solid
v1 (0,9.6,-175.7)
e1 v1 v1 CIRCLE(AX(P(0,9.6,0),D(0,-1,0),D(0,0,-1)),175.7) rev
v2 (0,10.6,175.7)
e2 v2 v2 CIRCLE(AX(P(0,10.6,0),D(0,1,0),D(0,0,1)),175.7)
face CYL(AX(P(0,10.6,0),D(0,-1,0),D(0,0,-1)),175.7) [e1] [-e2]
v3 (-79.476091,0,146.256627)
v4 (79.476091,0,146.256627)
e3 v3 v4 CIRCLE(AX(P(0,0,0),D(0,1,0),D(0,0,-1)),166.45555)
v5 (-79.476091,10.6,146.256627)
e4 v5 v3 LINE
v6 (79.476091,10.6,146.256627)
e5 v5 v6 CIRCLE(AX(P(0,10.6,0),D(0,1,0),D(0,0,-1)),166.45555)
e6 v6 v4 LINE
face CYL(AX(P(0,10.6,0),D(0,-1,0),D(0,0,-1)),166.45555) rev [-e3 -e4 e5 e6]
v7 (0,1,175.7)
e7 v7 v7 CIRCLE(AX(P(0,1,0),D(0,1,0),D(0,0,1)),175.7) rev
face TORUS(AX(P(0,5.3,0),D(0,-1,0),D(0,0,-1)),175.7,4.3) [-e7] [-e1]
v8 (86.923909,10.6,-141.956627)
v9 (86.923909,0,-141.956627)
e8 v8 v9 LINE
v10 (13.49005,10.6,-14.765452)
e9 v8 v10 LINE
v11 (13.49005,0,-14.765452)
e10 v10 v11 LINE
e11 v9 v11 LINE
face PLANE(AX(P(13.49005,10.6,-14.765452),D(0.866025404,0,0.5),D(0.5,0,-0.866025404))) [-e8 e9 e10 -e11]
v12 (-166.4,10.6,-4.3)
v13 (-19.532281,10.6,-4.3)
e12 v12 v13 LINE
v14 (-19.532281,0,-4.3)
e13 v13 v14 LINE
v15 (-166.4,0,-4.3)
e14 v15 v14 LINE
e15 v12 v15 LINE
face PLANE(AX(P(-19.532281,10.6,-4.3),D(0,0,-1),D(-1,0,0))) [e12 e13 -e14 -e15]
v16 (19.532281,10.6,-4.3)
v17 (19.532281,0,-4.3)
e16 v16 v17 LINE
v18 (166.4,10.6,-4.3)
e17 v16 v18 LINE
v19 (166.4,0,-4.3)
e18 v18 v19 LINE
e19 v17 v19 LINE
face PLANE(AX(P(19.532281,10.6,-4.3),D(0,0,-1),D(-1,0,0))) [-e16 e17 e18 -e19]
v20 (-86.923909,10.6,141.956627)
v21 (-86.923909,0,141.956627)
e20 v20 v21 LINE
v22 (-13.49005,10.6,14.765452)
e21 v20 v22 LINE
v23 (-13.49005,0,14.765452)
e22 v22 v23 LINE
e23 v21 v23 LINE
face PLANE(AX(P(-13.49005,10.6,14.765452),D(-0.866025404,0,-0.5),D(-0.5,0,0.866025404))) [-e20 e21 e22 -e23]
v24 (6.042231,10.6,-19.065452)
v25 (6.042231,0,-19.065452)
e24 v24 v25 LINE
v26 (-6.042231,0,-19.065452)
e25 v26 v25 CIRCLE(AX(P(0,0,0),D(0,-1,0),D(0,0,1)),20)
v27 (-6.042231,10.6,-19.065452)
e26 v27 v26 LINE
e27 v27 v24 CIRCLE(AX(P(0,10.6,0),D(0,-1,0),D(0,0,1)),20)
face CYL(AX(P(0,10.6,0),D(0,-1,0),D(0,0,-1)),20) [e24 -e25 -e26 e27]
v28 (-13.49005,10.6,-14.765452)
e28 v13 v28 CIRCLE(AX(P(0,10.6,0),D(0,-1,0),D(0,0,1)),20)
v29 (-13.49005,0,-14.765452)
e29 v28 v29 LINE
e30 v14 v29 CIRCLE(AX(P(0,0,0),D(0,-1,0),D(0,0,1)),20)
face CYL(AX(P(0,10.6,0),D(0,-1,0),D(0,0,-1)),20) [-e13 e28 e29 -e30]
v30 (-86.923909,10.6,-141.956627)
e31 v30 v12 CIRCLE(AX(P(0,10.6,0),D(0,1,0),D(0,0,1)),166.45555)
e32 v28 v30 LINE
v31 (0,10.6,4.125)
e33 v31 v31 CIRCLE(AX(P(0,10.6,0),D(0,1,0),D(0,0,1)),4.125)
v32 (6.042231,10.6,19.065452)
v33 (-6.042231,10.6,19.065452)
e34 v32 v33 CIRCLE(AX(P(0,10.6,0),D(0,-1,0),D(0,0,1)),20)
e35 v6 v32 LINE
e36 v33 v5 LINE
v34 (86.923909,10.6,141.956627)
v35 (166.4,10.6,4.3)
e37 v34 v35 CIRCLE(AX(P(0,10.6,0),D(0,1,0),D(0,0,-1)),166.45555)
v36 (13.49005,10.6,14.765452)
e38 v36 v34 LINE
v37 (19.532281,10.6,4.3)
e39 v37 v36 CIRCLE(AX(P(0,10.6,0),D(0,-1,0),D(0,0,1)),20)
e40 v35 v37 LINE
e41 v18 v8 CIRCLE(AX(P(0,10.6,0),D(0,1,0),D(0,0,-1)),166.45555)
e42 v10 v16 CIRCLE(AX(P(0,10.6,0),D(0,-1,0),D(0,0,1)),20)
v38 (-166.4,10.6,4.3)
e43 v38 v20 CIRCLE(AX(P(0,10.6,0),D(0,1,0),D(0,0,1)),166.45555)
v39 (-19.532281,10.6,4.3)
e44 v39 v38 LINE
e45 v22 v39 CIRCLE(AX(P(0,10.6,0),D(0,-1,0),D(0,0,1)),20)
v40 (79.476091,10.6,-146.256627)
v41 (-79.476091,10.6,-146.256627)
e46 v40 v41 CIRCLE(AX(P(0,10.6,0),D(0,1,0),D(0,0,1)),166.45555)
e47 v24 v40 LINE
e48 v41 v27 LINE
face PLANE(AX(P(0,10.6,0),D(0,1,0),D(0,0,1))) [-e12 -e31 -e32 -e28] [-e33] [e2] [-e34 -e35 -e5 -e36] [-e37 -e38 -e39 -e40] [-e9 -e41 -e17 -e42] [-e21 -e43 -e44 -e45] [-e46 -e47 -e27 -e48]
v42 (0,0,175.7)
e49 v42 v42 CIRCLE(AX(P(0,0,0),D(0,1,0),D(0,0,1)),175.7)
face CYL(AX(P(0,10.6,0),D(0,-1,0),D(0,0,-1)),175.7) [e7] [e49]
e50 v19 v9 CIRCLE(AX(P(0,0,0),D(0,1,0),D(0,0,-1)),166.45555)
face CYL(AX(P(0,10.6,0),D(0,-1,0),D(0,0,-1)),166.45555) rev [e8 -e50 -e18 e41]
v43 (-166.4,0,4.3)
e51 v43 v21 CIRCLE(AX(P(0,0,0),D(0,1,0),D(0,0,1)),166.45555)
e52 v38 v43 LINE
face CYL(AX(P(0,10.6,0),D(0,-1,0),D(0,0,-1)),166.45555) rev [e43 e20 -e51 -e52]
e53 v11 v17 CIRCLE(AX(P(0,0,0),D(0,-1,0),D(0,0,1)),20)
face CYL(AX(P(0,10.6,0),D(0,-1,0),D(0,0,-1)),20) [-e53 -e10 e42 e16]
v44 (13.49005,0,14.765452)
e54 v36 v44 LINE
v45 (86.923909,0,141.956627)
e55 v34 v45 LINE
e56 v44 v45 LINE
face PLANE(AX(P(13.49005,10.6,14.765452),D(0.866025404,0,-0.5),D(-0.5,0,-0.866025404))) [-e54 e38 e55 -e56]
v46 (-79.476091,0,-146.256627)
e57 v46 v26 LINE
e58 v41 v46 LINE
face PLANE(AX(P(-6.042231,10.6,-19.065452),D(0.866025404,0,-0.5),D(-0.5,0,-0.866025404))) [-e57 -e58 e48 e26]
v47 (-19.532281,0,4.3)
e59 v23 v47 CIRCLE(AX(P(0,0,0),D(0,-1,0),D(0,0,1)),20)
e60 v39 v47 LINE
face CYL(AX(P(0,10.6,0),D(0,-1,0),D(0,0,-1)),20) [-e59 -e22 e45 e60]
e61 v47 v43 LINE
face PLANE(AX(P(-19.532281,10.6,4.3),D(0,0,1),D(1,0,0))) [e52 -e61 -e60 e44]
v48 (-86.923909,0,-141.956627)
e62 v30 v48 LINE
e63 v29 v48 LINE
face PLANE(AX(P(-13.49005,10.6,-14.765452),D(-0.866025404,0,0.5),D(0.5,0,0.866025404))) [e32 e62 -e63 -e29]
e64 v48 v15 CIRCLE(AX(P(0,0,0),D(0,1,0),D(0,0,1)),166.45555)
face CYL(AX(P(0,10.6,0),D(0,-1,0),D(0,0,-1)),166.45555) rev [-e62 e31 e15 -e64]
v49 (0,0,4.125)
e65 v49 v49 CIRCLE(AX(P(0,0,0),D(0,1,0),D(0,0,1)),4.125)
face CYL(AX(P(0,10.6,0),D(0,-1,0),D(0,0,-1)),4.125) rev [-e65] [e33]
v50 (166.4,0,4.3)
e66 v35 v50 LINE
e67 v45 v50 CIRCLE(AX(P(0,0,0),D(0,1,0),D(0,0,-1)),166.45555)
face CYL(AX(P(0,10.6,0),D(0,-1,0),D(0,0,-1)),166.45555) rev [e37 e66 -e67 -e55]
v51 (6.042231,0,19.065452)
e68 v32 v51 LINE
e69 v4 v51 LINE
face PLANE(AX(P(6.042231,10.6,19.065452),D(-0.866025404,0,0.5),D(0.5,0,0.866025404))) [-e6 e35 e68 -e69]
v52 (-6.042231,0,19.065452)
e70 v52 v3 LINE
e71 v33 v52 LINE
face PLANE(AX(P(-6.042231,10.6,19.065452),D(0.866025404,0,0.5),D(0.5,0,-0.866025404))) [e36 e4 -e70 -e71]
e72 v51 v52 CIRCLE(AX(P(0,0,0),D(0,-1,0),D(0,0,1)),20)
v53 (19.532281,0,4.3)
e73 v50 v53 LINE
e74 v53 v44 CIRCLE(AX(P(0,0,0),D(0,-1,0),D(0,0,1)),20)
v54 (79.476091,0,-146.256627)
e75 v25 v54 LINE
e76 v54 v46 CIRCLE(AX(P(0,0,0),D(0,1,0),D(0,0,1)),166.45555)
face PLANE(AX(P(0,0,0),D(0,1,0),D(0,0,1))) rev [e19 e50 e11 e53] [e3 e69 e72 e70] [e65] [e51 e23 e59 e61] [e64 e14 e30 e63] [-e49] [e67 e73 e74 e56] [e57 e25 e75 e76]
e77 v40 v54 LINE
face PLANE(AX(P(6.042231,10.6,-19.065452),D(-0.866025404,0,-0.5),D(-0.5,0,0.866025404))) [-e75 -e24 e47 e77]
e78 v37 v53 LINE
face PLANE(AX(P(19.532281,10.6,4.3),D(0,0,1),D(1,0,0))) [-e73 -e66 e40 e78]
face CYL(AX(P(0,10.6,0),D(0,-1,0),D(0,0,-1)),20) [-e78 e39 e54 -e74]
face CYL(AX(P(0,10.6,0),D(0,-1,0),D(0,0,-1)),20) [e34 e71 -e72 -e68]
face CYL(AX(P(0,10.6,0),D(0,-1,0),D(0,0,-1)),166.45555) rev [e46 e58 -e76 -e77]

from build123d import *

# Parameters (mm, degrees)
SKETCH1_R           = 175.7
SKETCH1_R_2         = 4.125
BOSS_EXTRUDE1_DEPTH = 10.6
SKETCH3_R           = 4.3
SKETCH5_R           = 4.3


with BuildPart() as part:
    # Sketch1 → Boss-Extrude1 (new body)
    with BuildSketch(Plane(origin=(0, 0, 0), x_dir=(1, 0, 0), z_dir=(0, 1, 0))):
        with Locations(Location((0, 0, 0), (0, 0, 270))):
            Circle(SKETCH1_R)
        with Locations(Location((0, 0, 0), (0, 0, 270))):
            Circle(SKETCH1_R_2, mode=Mode.SUBTRACT)
        with BuildLine():
            Line((-19.532280973, 4.3), (-166.4, 4.3))
            ThreePointArc((-166.4, 4.3), (-144.154734574, 83.227774811), (-86.923909236, 141.95662719))
            Line((-86.923909236, 141.95662719), (-13.490049723, 14.765451516))
            ThreePointArc((-13.490049723, 14.765451516), (-17.320508076, 10), (-19.532280973, 4.3))
        make_face(mode=Mode.SUBTRACT)
        with BuildLine():
            Line((-19.532280973, -4.3), (-166.4, -4.3))
            ThreePointArc((-166.4, -4.3), (-144.154734574, -83.227774811), (-86.923909236, -141.95662719))
            Line((-86.923909236, -141.95662719), (-13.490049723, -14.765451516))
            ThreePointArc((-13.490049723, -14.765451516), (-17.320508076, -10), (-19.532280973, -4.3))
        make_face(mode=Mode.SUBTRACT)
        with BuildLine():
            Line((-6.04223125, 19.065451516), (-79.476090764, 146.25662719))
            ThreePointArc((-79.476090764, 146.25662719), (0, 166.455549622), (79.476090764, 146.25662719))
            Line((79.476090764, 146.25662719), (6.04223125, 19.065451516))
            ThreePointArc((6.04223125, 19.065451516), (0, 20), (-6.04223125, 19.065451516))
        make_face(mode=Mode.SUBTRACT)
        with BuildLine():
            Line((13.490049723, 14.765451516), (86.923909236, 141.95662719))
            ThreePointArc((86.923909236, 141.95662719), (144.154734574, 83.227774811), (166.4, 4.3))
            Line((166.4, 4.3), (19.532280973, 4.3))
            ThreePointArc((19.532280973, 4.3), (17.320508076, 10), (13.490049723, 14.765451516))
        make_face(mode=Mode.SUBTRACT)
        with BuildLine():
            Line((19.532280973, -4.3), (166.4, -4.3))
            ThreePointArc((166.4, -4.3), (144.154734574, -83.227774811), (86.923909236, -141.95662719))
            Line((86.923909236, -141.95662719), (13.490049723, -14.765451516))
            ThreePointArc((13.490049723, -14.765451516), (17.320508076, -10), (19.532280973, -4.3))
        make_face(mode=Mode.SUBTRACT)
        with BuildLine():
            Line((6.04223125, -19.065451516), (79.476090764, -146.25662719))
            ThreePointArc((79.476090764, -146.25662719), (0, -166.455549622), (-79.476090764, -146.25662719))
            Line((-79.476090764, -146.25662719), (-6.04223125, -19.065451516))
            ThreePointArc((-6.04223125, -19.065451516), (0, -20), (6.04223125, -19.065451516))
        make_face(mode=Mode.SUBTRACT)
    extrude(amount=BOSS_EXTRUDE1_DEPTH)

    # Sketch3 → Cut-Revolve1 (revolve, cut)
    with BuildSketch(Plane.XY, mode=Mode.PRIVATE) as cut_revolve1_sk:
        with Locations((175.7, 5.3)):
            Circle(SKETCH3_R)
    revolve(cut_revolve1_sk.sketch.rotate(Axis((0, 0, 0), (0, 1, 0)), 90), axis=Axis((0, 0, 0), (0, 1, 0)), mode=Mode.SUBTRACT)

    # Sketch5 → Revolve1 (revolve)
    with BuildSketch(Plane(origin=(0, 0, 0), x_dir=(0, 0, -1), z_dir=(1, 0, 0))):
        with Locations((175.7, 5.3)):
            Circle(SKETCH5_R)
    revolve(axis=Axis((0, 0, 0), (0, 1, 0)))


solid = part.part
